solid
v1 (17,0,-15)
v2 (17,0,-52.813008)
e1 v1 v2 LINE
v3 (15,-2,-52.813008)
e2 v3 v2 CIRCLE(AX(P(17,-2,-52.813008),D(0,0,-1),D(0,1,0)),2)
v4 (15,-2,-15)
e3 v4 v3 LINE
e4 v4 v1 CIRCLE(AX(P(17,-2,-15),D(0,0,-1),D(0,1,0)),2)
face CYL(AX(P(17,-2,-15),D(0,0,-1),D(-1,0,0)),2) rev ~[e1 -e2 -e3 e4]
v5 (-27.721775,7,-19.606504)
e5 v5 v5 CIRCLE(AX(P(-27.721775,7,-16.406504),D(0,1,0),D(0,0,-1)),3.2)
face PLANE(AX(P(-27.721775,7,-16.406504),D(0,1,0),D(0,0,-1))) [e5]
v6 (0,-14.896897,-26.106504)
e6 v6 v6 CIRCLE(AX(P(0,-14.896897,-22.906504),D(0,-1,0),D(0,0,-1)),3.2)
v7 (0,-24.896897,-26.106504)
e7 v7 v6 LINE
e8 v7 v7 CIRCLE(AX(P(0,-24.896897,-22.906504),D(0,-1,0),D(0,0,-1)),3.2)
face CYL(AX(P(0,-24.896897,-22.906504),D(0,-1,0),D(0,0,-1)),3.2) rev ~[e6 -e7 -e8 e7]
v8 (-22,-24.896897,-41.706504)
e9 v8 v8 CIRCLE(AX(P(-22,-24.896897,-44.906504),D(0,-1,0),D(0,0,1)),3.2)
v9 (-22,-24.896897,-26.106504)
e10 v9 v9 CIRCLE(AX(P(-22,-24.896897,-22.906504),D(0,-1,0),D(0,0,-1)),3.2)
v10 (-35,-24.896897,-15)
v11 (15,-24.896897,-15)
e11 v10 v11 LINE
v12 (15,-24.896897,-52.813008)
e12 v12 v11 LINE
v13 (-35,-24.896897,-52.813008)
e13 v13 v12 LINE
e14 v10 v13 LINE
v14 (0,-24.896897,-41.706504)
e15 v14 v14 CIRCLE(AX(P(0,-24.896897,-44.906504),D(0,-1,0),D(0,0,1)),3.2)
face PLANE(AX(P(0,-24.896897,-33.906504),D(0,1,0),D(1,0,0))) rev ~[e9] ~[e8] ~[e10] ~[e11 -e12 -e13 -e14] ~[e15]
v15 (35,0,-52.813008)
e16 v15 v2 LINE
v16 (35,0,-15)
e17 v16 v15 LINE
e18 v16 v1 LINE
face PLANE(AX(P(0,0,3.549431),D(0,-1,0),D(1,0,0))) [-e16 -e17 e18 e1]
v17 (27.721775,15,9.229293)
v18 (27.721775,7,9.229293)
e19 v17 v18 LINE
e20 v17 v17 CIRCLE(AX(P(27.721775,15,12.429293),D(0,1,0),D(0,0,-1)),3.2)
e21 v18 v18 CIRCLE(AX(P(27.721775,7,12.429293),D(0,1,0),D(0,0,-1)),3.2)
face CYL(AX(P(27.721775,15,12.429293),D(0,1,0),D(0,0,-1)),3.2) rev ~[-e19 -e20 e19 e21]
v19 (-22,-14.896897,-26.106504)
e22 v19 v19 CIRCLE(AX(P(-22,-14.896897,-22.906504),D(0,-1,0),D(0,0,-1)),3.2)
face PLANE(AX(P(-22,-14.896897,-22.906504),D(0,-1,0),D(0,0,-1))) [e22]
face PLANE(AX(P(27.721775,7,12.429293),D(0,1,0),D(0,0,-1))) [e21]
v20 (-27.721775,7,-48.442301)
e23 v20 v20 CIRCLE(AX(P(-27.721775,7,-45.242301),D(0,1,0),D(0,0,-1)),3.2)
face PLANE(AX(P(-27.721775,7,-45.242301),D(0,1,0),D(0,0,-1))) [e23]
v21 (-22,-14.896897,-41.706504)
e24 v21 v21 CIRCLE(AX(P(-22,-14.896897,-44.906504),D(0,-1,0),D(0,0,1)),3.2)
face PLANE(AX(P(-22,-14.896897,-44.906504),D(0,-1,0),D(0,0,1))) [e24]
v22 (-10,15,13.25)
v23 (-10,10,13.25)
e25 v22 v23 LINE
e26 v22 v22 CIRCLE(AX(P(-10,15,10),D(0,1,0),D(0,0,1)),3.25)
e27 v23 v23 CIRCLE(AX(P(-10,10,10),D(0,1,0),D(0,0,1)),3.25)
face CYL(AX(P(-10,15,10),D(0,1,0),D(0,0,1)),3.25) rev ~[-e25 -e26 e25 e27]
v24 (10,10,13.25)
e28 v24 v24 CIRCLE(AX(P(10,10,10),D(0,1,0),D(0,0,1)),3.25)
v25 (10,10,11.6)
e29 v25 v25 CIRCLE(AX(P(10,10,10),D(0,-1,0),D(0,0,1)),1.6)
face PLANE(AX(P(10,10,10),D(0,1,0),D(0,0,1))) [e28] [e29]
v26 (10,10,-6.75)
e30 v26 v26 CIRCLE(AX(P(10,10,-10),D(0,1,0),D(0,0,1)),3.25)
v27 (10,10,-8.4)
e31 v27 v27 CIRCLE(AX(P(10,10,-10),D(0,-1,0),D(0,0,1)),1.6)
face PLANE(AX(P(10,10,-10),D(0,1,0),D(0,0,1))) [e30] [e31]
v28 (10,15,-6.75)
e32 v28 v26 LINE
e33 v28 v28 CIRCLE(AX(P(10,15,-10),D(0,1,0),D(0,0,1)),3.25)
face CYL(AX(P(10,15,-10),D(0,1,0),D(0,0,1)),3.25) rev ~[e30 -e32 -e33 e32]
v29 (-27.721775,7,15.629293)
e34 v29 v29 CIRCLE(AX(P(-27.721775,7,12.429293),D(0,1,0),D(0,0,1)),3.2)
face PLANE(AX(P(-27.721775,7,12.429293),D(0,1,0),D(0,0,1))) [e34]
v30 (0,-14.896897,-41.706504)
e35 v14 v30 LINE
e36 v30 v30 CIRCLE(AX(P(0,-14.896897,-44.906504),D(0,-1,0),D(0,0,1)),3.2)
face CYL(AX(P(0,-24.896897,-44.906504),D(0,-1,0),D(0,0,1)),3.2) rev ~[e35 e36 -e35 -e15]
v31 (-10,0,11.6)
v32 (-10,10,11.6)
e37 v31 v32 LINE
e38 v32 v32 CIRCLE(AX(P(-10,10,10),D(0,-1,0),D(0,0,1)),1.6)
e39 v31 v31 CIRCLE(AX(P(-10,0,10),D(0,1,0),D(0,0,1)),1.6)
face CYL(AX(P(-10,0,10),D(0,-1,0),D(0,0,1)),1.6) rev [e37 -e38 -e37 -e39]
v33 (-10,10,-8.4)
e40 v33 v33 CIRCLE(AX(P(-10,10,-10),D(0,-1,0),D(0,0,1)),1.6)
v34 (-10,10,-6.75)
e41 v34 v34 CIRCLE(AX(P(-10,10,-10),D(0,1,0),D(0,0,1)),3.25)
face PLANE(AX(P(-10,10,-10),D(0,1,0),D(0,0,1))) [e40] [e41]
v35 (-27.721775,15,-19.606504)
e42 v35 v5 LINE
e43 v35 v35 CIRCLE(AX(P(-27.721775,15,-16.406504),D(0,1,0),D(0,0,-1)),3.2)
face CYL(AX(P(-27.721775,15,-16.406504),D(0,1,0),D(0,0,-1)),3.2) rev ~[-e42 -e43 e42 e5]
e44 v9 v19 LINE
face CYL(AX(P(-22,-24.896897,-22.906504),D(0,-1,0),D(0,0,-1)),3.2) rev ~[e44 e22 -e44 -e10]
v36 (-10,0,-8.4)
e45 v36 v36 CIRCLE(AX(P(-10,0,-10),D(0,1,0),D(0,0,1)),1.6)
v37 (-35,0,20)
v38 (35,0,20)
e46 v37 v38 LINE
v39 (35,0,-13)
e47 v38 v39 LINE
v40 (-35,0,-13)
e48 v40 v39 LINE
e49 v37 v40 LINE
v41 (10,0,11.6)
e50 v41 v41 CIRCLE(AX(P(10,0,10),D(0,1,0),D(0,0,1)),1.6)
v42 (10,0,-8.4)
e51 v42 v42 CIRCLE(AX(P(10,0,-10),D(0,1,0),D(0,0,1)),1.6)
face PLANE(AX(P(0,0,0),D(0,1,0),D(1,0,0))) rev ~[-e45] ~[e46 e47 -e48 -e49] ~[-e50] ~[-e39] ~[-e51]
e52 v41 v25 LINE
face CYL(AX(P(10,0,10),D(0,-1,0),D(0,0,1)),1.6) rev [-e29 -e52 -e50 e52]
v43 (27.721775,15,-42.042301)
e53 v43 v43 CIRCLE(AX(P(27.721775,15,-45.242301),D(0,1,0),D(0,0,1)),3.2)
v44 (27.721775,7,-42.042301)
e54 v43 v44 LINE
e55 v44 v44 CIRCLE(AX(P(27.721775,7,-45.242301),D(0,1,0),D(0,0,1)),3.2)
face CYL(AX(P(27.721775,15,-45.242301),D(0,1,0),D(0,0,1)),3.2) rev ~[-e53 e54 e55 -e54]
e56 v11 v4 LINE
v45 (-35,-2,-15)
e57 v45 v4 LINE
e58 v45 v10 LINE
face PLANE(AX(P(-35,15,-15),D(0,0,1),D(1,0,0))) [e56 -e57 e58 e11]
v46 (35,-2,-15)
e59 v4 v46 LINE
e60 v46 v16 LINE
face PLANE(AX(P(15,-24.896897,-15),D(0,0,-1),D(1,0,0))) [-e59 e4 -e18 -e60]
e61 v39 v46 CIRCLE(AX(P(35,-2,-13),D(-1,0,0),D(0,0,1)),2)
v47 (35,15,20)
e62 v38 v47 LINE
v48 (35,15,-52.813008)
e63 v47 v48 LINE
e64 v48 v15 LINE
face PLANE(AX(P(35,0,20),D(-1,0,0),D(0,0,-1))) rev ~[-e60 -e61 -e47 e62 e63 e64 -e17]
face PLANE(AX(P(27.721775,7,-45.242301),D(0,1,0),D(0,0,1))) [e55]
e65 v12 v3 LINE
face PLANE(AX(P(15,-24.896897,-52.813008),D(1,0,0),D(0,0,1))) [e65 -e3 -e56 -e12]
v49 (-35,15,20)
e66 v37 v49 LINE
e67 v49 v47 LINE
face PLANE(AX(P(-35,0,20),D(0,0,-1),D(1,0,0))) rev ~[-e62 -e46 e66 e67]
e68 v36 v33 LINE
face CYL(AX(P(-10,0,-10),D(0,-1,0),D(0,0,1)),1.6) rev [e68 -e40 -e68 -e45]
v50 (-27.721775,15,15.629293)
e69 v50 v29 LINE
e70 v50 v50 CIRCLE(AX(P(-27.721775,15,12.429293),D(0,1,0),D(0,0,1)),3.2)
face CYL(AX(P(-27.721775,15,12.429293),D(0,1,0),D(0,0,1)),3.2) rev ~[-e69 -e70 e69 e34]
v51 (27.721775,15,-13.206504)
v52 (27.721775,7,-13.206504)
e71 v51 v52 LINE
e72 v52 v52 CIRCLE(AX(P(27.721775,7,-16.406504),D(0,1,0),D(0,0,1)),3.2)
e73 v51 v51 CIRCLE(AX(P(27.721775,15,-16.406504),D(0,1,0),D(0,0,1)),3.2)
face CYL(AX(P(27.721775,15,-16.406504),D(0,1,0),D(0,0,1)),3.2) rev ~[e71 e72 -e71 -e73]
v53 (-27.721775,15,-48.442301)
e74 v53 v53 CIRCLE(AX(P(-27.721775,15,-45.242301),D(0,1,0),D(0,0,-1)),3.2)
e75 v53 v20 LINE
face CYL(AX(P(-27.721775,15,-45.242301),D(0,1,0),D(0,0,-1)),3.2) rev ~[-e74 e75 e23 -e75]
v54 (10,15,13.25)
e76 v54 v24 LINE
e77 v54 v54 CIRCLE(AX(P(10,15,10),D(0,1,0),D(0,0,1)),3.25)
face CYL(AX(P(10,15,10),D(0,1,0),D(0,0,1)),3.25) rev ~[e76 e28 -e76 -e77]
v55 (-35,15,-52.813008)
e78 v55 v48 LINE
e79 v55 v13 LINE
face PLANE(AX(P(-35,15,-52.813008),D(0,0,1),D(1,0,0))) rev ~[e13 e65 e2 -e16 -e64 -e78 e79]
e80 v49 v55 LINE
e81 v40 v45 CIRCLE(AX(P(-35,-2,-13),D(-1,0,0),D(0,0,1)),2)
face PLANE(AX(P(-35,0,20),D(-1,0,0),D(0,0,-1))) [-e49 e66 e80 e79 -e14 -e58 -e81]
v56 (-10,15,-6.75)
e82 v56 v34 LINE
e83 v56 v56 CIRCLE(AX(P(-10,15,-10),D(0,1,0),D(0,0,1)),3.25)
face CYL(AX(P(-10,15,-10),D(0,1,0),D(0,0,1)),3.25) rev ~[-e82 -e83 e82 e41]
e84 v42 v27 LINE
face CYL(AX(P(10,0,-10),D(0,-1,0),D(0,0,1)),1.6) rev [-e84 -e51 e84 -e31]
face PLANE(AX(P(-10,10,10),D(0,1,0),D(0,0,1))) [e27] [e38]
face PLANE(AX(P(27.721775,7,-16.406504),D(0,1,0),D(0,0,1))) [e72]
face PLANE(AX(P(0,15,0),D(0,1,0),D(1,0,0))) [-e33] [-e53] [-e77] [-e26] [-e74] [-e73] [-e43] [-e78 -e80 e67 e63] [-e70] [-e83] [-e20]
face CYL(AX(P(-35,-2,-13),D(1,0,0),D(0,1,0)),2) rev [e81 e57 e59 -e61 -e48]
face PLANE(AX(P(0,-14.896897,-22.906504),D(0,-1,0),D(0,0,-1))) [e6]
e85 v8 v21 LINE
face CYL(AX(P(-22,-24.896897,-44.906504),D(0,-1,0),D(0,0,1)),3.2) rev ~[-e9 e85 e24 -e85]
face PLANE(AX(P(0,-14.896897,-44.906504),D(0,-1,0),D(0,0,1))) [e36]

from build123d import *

# Parameters (mm, degrees)
SKETCH1_W           = 70
SKETCH1_H           = 40
SKETCH1_R           = 1.6
BOSS_EXTRUDE1_DEPTH = 15
SKETCH2_R           = 3.25
CUT_EXTRUDE1_DEPTH  = 5
SKETCH3_W           = 70
SKETCH3_H           = 37.813008
BOSS_EXTRUDE2_DEPTH = 39.896897
FILLET1_R           = 2
SKETCH4_R           = 3.2
CUT_EXTRUDE2_DEPTH  = 8
SKETCH5_R           = 3.2
CUT_EXTRUDE3_DEPTH  = 10
CUT_EXTRUDE4_REACH  = 76.873
SKETCH7_W           = 20
SKETCH7_H           = 37.813008
FILLET2_R           = 2


with BuildPart() as part:
    # Sketch1 → Boss-Extrude1 (new body)
    with BuildSketch(Plane(origin=(0, 0, 0), x_dir=(1, 0, 0), z_dir=(0, 1, 0))):
        Rectangle(SKETCH1_W, SKETCH1_H)
        with Locations(Location((10, 10, 0), (0, 0, 270))):
            Circle(SKETCH1_R, mode=Mode.SUBTRACT)
        with Locations(Location((10, -10, 0), (0, 0, 270))):
            Circle(SKETCH1_R, mode=Mode.SUBTRACT)
        with Locations(Location((-10, -10, 0), (0, 0, 270))):
            Circle(SKETCH1_R, mode=Mode.SUBTRACT)
        with Locations(Location((-10, 10, 0), (0, 0, 270))):
            Circle(SKETCH1_R, mode=Mode.SUBTRACT)
    extrude(amount=BOSS_EXTRUDE1_DEPTH)

    # Sketch2 → Cut-Extrude1 (cut)
    with BuildSketch(Plane(origin=(0, 15, 0), x_dir=(1, 0, 0), z_dir=(0, 1, 0))):
        with Locations(Location((10, 10, 0), (0, 0, 270))):
            Circle(SKETCH2_R)
        with Locations(Location((10, -10, 0), (0, 0, 270))):
            Circle(SKETCH2_R)
        with Locations(Location((-10, -10, 0), (0, 0, 270))):
            Circle(SKETCH2_R)
        with Locations(Location((-10, 10, 0), (0, 0, 270))):
            Circle(SKETCH2_R)
    extrude(amount=-CUT_EXTRUDE1_DEPTH, mode=Mode.SUBTRACT)

    # Sketch3 → Boss-Extrude2 (add)
    with BuildSketch(Plane(origin=(0, 15, 0), x_dir=(1, 0, 0), z_dir=(0, 1, 0))):
        with Locations((0, 33.906504)):
            Rectangle(SKETCH3_W, SKETCH3_H)
    extrude(amount=-BOSS_EXTRUDE2_DEPTH)

    # Fillet1
    fillet1_edges = [part.edges().sort_by_distance(p)[0] for p in [
        (0, 0, -15),
    ]]
    fillet(fillet1_edges, radius=FILLET1_R)

    # Sketch4 → Cut-Extrude2 (cut)
    with BuildSketch(Plane(origin=(0, 15, 0), x_dir=(1, 0, 0), z_dir=(0, 1, 0))):
        with Locations(Location((27.721774771, 45.242301259, 0), (0, 0, 270))):
            Circle(SKETCH4_R)
        with Locations(Location((-27.721774771, 45.242301259, 0), (0, 0, 90))):
            Circle(SKETCH4_R)
        with Locations(Location((-27.721774771, -12.429293259, 0), (0, 0, 270))):
            Circle(SKETCH4_R)
        with Locations(Location((27.721774771, -12.429293259, 0), (0, 0, 90))):
            Circle(SKETCH4_R)
        with Locations(Location((27.721774771, 16.406504, 0), (0, 0, 270))):
            Circle(SKETCH4_R)
        with Locations(Location((-27.721774771, 16.406504, 0), (0, 0, 90))):
            Circle(SKETCH4_R)
    extrude(amount=-CUT_EXTRUDE2_DEPTH, mode=Mode.SUBTRACT)

    # Sketch5 → Cut-Extrude3 (cut)
    with BuildSketch(Plane.XZ.offset(24.896897)):
        with Locations(Location((0, -22.906504, 0), (0, 0, 270))):
            Circle(SKETCH5_R)
        with Locations(Location((0, -44.906504, 0), (0, 0, 90))):
            Circle(SKETCH5_R)
        with Locations(Location((-22, -22.906504, 0), (0, 0, 270))):
            Circle(SKETCH5_R)
        with Locations(Location((-22, -44.906504, 0), (0, 0, 90))):
            Circle(SKETCH5_R)
    extrude(amount=-CUT_EXTRUDE3_DEPTH, mode=Mode.SUBTRACT)

    # Cut-Extrude4: up to this face of the body (flat: up to its plane)
    cut_extrude4_end = Plane(part.part.faces().sort_by_distance((0, 0, 3.549430676))[0])
    # Sketch7 → Cut-Extrude4 (cut, up to the picked face)
    with BuildSketch(Plane.XZ.offset(24.896897), mode=Mode.PRIVATE) as cut_extrude4_sk1:
        with Locations((25, -33.906504)):
            Rectangle(SKETCH7_W, SKETCH7_H)
    cut_extrude4_tool1 = split(extrude(cut_extrude4_sk1.sketch, amount=-CUT_EXTRUDE4_REACH, mode=Mode.PRIVATE), bisect_by=cut_extrude4_end, keep=Keep.BOTH, mode=Mode.PRIVATE)
    add(cut_extrude4_tool1.solids().sort_by(Axis((25, -24.896897, -33.906504), (0, 1, 0)))[0], mode=Mode.SUBTRACT)

    # Fillet2
    fillet2_edges = [part.edges().sort_by_distance(p)[0] for p in [
        (15, 0, -33.906504),
    ]]
    fillet(fillet2_edges, radius=FILLET2_R)


solid = part.part
